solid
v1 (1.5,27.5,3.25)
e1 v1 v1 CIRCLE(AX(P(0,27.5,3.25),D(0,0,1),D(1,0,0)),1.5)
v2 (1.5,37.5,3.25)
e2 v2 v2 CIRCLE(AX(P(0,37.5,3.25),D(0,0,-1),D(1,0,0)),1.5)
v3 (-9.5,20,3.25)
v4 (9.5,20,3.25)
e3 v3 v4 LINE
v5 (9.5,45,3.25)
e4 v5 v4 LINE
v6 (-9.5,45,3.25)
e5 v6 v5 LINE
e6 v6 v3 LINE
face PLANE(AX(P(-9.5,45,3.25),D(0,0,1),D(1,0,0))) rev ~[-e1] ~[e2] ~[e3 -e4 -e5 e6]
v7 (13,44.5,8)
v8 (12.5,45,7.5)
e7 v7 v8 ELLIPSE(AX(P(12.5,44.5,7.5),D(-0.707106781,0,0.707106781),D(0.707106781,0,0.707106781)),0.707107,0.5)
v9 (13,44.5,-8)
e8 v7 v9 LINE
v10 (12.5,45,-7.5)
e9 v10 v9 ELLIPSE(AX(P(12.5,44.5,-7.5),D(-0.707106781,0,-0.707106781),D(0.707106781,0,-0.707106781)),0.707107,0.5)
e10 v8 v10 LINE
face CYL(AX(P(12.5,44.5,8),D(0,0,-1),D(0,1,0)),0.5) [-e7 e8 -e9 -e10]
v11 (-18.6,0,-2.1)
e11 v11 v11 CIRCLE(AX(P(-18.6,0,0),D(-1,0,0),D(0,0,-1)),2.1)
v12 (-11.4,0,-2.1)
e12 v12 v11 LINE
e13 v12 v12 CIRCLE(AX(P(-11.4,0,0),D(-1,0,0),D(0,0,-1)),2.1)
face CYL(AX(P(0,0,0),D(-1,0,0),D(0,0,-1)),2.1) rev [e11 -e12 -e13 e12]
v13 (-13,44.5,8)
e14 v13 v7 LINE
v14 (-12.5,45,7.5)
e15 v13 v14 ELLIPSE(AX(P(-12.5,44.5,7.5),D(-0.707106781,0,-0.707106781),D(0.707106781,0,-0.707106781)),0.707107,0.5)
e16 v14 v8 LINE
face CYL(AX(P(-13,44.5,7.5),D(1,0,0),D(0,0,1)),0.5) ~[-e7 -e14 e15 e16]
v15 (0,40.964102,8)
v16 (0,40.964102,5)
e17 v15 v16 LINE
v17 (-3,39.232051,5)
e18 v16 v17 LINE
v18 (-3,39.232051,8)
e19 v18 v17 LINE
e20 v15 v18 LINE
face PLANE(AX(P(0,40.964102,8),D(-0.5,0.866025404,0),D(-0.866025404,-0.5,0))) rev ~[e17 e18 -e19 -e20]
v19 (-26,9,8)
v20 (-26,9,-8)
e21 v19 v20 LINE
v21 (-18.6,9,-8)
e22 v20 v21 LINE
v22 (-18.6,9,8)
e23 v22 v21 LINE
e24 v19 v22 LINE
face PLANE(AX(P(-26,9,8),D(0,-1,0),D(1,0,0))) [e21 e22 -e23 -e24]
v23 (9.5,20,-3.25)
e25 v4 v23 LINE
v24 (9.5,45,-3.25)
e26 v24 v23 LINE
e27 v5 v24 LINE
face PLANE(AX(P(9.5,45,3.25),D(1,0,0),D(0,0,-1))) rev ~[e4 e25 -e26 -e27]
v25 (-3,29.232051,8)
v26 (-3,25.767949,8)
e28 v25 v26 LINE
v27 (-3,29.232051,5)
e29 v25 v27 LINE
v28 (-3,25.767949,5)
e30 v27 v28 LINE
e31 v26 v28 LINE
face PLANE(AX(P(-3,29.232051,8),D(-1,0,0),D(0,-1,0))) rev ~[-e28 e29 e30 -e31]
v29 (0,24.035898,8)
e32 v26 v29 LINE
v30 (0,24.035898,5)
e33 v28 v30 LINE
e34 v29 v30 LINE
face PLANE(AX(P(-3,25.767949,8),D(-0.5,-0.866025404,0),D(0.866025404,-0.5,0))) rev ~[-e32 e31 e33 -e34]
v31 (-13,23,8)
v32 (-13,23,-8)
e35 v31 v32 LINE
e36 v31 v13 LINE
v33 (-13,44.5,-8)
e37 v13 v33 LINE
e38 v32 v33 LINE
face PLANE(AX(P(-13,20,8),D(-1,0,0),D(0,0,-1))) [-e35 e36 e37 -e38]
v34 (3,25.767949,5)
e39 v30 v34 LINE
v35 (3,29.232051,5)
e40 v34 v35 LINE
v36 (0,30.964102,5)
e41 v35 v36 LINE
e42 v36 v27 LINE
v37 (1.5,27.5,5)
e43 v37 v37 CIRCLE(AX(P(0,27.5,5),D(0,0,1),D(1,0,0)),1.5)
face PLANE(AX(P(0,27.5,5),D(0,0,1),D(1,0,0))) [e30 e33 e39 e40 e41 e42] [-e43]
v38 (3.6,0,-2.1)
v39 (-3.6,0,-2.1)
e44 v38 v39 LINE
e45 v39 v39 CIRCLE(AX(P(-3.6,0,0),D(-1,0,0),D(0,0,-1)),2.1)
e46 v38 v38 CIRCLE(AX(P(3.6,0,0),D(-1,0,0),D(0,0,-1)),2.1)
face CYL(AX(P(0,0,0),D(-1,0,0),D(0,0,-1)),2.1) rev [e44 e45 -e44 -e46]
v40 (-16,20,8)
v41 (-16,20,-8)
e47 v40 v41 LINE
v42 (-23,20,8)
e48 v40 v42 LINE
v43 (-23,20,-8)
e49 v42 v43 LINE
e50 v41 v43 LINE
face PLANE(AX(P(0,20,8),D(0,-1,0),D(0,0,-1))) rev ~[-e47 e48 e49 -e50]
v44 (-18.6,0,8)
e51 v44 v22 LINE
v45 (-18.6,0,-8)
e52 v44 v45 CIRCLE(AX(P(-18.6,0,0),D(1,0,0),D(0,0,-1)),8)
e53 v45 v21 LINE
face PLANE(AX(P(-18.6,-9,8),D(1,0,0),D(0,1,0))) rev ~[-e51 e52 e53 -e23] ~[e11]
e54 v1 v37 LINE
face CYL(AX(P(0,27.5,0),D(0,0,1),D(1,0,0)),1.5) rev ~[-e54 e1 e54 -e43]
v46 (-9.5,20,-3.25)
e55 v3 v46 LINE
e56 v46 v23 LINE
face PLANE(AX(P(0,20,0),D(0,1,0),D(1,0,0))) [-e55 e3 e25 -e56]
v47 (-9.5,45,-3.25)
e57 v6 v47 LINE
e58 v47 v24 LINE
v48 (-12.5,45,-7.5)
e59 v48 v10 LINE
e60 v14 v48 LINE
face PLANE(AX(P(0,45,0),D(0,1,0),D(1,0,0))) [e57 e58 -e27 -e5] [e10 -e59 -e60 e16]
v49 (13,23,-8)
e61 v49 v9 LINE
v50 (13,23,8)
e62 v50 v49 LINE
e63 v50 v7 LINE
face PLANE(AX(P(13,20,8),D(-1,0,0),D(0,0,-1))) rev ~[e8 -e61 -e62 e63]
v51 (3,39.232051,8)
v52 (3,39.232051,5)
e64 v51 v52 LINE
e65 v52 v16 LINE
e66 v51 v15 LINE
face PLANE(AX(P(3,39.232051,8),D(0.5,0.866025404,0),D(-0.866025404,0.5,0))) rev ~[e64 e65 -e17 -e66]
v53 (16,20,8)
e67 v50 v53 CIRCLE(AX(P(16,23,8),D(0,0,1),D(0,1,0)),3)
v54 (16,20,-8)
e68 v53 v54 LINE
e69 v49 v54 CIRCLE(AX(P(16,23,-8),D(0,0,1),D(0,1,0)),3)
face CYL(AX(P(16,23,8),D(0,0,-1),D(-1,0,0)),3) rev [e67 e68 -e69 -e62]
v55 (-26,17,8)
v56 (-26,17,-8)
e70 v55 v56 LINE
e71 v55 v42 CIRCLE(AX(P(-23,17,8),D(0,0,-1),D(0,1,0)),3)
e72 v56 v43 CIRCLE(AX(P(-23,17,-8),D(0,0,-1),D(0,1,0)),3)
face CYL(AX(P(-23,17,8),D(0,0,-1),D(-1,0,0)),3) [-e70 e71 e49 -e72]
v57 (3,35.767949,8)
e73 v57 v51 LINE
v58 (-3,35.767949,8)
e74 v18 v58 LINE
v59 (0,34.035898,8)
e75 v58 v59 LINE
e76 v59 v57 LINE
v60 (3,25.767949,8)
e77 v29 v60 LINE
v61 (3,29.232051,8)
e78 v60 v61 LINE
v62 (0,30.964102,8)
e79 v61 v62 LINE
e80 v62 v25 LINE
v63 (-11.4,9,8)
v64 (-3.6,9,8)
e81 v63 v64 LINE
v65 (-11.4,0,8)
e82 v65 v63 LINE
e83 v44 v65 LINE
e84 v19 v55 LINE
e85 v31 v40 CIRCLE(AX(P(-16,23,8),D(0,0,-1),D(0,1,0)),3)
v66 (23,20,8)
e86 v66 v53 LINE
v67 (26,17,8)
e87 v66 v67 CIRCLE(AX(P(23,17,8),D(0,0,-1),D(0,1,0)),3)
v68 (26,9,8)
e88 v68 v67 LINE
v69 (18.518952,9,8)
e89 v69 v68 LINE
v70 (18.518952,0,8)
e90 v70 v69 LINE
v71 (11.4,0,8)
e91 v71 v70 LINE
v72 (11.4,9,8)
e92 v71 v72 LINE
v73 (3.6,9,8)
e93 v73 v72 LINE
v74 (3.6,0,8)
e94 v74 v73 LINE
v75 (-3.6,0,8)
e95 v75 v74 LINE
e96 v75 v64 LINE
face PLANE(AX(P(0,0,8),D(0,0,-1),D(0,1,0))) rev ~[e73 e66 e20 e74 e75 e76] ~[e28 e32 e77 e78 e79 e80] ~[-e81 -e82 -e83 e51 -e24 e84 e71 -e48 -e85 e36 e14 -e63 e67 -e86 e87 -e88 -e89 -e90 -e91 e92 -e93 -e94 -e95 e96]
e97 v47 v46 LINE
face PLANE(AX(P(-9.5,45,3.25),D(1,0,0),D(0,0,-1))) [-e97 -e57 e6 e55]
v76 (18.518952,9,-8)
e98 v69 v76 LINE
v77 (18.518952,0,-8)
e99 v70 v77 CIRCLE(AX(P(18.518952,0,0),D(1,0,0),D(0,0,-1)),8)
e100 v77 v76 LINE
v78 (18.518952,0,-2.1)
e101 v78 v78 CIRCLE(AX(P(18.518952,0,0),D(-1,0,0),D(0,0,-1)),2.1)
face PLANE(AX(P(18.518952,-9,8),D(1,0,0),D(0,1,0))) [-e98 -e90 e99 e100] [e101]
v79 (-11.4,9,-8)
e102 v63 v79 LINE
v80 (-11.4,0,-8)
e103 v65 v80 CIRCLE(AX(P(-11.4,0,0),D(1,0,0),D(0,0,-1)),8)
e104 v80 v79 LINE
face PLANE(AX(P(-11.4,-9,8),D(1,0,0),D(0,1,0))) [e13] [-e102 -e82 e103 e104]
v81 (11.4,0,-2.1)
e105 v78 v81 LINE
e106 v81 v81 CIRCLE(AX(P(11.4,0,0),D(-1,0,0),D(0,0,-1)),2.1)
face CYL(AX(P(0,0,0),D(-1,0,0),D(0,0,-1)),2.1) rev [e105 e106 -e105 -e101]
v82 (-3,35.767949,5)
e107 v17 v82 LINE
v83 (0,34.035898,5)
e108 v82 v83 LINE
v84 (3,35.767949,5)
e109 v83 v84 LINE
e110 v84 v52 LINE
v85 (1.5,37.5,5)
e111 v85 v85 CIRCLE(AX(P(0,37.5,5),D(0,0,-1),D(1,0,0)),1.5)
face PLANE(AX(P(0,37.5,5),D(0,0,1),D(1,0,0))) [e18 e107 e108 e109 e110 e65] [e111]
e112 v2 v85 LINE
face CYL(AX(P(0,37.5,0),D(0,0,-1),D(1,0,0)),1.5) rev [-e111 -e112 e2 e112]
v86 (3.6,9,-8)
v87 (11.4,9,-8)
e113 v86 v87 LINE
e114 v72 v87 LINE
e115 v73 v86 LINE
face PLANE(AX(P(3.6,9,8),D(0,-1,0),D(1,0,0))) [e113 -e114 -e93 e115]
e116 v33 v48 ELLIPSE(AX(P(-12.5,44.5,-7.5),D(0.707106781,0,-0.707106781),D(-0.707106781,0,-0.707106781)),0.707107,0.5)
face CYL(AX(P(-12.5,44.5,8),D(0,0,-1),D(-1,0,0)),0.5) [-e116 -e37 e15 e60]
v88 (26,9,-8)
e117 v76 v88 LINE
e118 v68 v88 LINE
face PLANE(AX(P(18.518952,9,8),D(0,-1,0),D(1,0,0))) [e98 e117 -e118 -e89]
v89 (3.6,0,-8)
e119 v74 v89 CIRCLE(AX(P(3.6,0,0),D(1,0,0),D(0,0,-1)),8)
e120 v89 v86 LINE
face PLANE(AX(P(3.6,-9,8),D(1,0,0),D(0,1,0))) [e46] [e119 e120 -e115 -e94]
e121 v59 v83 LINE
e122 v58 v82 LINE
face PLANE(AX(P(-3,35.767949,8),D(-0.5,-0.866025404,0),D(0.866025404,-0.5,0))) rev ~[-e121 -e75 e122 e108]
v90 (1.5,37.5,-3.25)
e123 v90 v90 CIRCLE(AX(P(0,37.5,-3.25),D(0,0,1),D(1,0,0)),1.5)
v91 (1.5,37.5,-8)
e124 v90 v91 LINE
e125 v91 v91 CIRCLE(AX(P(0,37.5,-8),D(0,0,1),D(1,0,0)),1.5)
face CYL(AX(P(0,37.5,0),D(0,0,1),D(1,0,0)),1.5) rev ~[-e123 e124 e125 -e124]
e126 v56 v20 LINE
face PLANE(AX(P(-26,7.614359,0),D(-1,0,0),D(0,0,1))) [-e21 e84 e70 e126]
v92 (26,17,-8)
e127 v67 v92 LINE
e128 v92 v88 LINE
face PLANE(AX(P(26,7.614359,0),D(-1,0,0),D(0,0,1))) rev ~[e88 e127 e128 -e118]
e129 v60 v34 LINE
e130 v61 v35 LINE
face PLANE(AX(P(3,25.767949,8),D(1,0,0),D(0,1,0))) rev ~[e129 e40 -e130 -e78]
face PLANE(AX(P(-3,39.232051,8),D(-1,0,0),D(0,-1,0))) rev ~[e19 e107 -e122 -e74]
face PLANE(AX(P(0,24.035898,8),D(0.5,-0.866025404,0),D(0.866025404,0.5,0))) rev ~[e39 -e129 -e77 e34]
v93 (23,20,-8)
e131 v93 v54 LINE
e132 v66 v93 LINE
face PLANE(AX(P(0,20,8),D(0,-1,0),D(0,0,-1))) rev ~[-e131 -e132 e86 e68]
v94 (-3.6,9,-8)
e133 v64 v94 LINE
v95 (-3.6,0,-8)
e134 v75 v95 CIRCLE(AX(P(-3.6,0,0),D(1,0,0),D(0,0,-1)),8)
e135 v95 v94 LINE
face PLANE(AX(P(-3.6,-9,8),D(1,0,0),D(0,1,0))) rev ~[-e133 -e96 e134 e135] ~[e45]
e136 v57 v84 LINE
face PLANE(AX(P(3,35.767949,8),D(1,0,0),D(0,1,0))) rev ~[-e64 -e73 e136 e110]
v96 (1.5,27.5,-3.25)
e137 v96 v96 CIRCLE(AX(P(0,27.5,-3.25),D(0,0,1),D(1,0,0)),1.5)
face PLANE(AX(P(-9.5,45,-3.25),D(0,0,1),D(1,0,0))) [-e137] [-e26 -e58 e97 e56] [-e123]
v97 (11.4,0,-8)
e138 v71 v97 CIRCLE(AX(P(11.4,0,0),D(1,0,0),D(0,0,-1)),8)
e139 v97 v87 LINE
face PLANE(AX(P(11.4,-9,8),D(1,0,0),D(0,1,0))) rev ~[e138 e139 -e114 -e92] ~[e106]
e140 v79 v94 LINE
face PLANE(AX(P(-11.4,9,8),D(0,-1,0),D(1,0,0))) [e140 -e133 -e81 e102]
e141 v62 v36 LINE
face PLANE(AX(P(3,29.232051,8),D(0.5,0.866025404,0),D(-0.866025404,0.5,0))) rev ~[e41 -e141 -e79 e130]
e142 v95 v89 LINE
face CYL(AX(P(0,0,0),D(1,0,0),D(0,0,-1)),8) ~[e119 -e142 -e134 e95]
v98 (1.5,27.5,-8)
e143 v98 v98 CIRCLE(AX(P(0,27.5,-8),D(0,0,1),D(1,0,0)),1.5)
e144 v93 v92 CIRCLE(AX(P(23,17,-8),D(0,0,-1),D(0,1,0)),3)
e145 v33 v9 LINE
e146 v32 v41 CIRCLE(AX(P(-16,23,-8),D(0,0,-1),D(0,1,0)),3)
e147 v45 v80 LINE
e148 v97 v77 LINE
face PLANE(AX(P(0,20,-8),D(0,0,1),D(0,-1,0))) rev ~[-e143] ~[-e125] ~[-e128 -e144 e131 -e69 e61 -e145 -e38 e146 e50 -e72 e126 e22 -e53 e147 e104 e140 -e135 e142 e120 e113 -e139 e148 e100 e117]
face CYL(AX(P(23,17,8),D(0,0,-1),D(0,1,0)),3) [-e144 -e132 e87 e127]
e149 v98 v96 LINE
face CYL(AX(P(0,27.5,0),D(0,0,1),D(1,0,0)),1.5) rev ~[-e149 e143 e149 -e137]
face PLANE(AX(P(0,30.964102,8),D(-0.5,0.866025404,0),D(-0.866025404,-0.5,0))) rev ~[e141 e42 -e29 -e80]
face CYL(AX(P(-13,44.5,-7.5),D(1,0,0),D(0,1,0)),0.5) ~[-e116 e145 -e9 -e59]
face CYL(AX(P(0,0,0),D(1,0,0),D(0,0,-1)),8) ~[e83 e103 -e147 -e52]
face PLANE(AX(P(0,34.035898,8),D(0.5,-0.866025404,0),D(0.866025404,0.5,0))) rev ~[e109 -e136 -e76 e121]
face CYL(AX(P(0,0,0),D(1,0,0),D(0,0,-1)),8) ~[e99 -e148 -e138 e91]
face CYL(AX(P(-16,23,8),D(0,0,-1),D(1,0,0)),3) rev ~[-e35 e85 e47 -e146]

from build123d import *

# Parameters (mm, degrees)
SKETCH2_R           = 2.1
BOSS_EXTRUDE1_DEPTH = 26
SKETCH3_W           = 7.4
SKETCH3_H           = 18
SKETCH3_W_2         = 7.8
SKETCH3_W_3         = 7.481047655
CUT_EXTRUDE1_DEPTH  = 17
SKETCH4_W           = 26
SKETCH4_H           = 16
BOSS_EXTRUDE2_DEPTH = 25
SKETCH5_W           = 19
SKETCH5_H           = 6.5
CUT_EXTRUDE2_DEPTH  = 25
FILLET2_R           = 3
SKETCH6_R           = 1.5
CUT_EXTRUDE3_DEPTH  = 12.5
FILLET3_R           = 0.5
FILLET4_R           = 3
CUT_EXTRUDE4_DEPTH  = 3


with BuildPart() as part:
    # Sketch2 → Boss-Extrude1 (new body, symmetric)
    with BuildSketch(Plane(origin=(0, 0, 0), x_dir=(0, 0, -1), z_dir=(1, 0, 0))):
        with BuildLine():
            Line((-8, 0), (-8, 20))
            Line((-8, 20), (8, 20))
            Line((8, 20), (8, 0))
            ThreePointArc((8, 0), (0, -8), (-8, 0))
        make_face()
        Circle(SKETCH2_R, mode=Mode.SUBTRACT)
    extrude(amount=BOSS_EXTRUDE1_DEPTH, both=True)

    # Sketch3 → Cut-Extrude1 (cut, through all)
    with BuildSketch(Plane.XY.offset(8)):
        with Locations((-22.3, 0)):
            Rectangle(SKETCH3_W, SKETCH3_H)
        with Locations((-7.5, 0)):
            Rectangle(SKETCH3_W_2, SKETCH3_H)
        with Locations((7.5, 0)):
            Rectangle(SKETCH3_W_2, SKETCH3_H)
        with Locations((22.259476173, 0)):
            Rectangle(SKETCH3_W_3, SKETCH3_H)
    extrude(amount=-CUT_EXTRUDE1_DEPTH, mode=Mode.SUBTRACT)

    # Sketch4 → Boss-Extrude2 (add)
    with BuildSketch(Plane(origin=(0, 20, 0), x_dir=(1, 0, 0), z_dir=(0, 1, 0))):
        Rectangle(SKETCH4_W, SKETCH4_H)
    extrude(amount=BOSS_EXTRUDE2_DEPTH)

    # Sketch5 → Cut-Extrude2 (cut)
    with BuildSketch(Plane(origin=(0, 45, 0), x_dir=(1, 0, 0), z_dir=(0, 1, 0))):
        Rectangle(SKETCH5_W, SKETCH5_H)
    extrude(amount=-CUT_EXTRUDE2_DEPTH, mode=Mode.SUBTRACT)

    # Fillet2
    fillet2_edges = [part.edges().sort_by_distance(p)[0] for p in [
        (26, 20, 0),
        (-26, 20, 0),
    ]]
    fillet(fillet2_edges, radius=FILLET2_R)

    # Sketch6 → Cut-Extrude3 (cut, symmetric)
    with BuildSketch(Plane.XY):
        with Locations((0, 37.5)):
            Circle(SKETCH6_R)
        with Locations((0, 27.5)):
            Circle(SKETCH6_R)
    extrude(amount=CUT_EXTRUDE3_DEPTH, both=True, mode=Mode.SUBTRACT)

    # Fillet3
    fillet3_edges = [part.edges().sort_by_distance(p)[0] for p in [
        (-13, 45, 0),
        (0, 45, 8),
        (13, 45, 0),
        (0, 45, -8),
    ]]
    fillet(fillet3_edges, radius=FILLET3_R)

    # Fillet4
    fillet4_edges = [part.edges().sort_by_distance(p)[0] for p in [
        (-13, 20, 0),
        (13, 20, 0),
    ]]
    fillet(fillet4_edges, radius=FILLET4_R)

    # Sketch7 → Cut-Extrude4 (cut)
    with BuildSketch(Plane.XY.offset(8)):
        Polygon((3, 35.767949192), (3, 39.232050808), (0, 40.964101615), (-3, 39.232050808), (-3, 35.767949192), (0, 34.035898385), align=None)
        Polygon((3, 25.767949192), (3, 29.232050808), (0, 30.964101615), (-3, 29.232050808), (-3, 25.767949192), (0, 24.035898385), align=None)
    extrude(amount=-CUT_EXTRUDE4_DEPTH, mode=Mode.SUBTRACT)


solid = part.part
